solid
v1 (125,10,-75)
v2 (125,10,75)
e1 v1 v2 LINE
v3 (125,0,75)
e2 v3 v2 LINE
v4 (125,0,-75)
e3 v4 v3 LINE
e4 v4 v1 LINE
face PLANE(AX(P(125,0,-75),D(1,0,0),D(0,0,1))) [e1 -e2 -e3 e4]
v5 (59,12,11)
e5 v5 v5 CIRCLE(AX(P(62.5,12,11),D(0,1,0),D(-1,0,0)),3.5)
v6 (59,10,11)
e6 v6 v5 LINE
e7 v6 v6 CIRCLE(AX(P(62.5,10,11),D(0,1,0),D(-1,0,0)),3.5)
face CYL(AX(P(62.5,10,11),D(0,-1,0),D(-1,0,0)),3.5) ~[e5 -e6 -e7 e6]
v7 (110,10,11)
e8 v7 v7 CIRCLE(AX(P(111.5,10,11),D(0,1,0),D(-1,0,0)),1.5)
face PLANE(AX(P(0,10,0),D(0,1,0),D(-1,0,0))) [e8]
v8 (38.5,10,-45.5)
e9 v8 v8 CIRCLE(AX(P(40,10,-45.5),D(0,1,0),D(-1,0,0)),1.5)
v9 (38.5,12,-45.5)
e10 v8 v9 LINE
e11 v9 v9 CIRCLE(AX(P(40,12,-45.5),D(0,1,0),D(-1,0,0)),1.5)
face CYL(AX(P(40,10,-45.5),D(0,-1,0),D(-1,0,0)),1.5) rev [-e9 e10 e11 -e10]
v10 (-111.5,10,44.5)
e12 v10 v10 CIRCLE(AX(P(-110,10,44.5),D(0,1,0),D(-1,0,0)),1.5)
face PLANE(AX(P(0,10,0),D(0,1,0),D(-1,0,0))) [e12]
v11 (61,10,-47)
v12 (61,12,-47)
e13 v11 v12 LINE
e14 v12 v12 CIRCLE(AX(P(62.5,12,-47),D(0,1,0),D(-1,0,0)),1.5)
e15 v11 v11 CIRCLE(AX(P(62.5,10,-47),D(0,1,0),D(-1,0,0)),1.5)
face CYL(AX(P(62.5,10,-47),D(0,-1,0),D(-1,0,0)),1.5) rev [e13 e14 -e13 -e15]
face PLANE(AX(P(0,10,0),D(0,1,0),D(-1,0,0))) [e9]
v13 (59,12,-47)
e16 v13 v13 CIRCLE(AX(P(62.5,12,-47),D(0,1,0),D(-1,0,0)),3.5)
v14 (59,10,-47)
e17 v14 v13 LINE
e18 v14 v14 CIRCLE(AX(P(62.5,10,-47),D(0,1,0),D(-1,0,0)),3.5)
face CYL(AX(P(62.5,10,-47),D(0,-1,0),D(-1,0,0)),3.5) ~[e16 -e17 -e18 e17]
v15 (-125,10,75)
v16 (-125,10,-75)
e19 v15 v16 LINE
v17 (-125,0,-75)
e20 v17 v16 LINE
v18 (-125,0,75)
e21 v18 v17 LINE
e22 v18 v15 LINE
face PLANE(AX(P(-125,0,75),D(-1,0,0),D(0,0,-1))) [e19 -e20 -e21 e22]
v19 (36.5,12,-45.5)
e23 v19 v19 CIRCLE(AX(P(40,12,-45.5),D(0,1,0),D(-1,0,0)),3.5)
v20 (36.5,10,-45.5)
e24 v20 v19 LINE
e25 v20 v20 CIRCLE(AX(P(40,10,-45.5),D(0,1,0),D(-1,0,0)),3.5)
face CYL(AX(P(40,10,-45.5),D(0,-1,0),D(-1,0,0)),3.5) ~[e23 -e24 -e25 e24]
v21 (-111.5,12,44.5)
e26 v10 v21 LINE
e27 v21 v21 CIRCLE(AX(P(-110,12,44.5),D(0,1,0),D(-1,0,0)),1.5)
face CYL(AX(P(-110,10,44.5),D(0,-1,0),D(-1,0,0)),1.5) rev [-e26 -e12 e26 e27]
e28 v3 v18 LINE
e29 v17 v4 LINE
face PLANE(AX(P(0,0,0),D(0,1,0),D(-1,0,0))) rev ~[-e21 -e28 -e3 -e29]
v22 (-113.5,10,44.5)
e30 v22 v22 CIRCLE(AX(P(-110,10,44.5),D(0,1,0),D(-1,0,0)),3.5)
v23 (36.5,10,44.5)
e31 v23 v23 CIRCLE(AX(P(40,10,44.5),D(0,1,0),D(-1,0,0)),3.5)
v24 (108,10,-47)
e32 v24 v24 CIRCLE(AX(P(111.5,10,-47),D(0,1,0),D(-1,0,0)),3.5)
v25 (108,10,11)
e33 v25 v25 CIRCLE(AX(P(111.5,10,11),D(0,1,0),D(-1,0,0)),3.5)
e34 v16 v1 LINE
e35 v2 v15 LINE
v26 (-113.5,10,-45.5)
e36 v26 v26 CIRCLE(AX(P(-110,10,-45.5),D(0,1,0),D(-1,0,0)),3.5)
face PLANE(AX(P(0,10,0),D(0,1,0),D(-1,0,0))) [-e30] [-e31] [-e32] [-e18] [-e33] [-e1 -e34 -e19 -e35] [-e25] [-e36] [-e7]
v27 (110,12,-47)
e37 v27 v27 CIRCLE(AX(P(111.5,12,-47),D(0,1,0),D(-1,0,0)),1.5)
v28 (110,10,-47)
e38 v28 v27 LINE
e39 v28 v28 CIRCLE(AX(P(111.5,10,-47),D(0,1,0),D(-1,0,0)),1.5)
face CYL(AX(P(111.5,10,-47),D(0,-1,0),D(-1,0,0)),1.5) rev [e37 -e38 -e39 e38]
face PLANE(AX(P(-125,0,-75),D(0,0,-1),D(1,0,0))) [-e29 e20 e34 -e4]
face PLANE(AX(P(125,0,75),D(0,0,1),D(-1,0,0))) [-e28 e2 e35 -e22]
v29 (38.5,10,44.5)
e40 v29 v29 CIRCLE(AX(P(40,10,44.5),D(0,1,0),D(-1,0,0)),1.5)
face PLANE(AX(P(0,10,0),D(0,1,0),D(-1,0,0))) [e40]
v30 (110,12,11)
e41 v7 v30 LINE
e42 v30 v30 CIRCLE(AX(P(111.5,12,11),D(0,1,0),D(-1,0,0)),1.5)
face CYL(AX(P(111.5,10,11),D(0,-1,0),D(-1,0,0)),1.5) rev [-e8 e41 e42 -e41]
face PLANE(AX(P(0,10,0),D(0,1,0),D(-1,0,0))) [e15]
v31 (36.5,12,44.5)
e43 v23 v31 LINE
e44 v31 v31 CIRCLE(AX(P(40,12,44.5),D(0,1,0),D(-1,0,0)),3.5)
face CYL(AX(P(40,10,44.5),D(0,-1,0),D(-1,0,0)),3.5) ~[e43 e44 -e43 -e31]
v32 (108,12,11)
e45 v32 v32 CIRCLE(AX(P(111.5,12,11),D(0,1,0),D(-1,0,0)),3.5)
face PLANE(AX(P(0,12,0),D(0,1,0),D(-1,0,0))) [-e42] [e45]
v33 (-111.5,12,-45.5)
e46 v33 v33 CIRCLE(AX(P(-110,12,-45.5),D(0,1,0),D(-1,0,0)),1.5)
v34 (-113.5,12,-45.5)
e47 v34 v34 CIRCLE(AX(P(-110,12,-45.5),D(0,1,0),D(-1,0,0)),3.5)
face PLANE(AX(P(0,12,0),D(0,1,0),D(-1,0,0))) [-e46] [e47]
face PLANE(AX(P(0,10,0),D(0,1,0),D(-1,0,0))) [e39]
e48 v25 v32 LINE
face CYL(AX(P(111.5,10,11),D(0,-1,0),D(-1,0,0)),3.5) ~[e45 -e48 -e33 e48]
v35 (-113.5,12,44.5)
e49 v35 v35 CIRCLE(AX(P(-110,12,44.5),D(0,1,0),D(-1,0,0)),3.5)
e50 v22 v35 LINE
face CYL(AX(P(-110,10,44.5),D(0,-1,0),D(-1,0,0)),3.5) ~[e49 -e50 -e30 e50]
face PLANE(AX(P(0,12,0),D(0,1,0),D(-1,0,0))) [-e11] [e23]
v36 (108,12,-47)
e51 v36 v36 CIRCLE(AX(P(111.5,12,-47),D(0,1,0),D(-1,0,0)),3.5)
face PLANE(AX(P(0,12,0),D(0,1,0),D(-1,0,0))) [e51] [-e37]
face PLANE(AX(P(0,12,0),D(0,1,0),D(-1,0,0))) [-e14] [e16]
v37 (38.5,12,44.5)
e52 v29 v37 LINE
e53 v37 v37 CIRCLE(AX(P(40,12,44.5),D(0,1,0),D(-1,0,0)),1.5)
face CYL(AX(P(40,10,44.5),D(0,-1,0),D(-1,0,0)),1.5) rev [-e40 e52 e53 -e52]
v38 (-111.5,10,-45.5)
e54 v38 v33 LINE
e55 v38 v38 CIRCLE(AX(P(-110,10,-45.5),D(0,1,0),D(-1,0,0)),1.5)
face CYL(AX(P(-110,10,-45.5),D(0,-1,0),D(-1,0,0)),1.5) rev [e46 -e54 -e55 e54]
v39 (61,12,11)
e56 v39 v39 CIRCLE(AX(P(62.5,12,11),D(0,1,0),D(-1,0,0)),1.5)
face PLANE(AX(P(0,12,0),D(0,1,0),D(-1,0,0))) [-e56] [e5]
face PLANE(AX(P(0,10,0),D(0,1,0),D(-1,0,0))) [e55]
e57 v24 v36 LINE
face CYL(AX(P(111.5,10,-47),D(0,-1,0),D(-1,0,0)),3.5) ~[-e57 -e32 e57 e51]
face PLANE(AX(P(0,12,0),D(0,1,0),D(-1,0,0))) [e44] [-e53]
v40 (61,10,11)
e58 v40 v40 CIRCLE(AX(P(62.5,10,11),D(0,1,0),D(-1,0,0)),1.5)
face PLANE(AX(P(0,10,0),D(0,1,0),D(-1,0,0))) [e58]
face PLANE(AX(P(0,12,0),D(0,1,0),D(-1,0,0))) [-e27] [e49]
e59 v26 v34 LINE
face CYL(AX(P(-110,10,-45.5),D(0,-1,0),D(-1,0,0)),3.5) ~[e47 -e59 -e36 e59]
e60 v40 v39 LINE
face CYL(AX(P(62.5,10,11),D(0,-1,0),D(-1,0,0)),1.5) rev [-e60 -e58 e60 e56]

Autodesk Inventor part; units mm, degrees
ref_plane "YZ Plane" through (0, 0, 0) normal (1, 0, 0) x (0, 1, 0)
ref_plane "XZ Plane" through (0, 0, 0) normal (0, 1, 0) x (-1, 0, 0)
ref_plane "XY Plane" through (0, 0, 0) normal (0, 0, 1) x (1, 0, 0)
sketch "Sketch1" plane through (0, 0, 0) normal (0, 1, 0) x (-1, 0, 0)
  line L0 (-333.2556, -289.2611) -> (-678.6087, -289.2611) construction
  line L1 (-678.6087, -289.2611) -> (-678.6087, -95) construction
  line L2 (-678.6087, -95) -> (-333.2556, -95) construction
  line L3 (-333.2556, -95) -> (-333.2556, -289.2611) construction
  line L4 (-333.2556, -289.2611) -> (-678.6087, -95) construction
  line L5 (-488.8826, -290.1866) -> (-488.8826, -299.1866) construction
  line L6 (-488.8826, -299.1866) -> (-504.8826, -299.1866) construction
  line L7 (-488.8826, -290.1866) -> (-504.8826, -299.1866) construction
  line L8 (45, -10.5) -> (45, 9.5)
  line L9 (110, 44.5) -> (110, -45.5) construction
  circle A0 centre (110, 44.5) radius 1.5
  line L10 (115, -50.5) -> (115, 50.5) construction
  line L11 (110, -45.5) -> (-40, -45.5) construction
  line L12 (-46, -50.5) -> (115, -50.5) construction
  line L13 (115, 50.5) -> (-46, 50.5) construction
  line L14 (-40, 44.5) -> (110, 44.5) construction
  line L15 (25, -10.5) -> (45, -10.5)
  line L16 (25, 9.5) -> (25, -10.5)
  line L17 (25, -10.5) -> (45, 9.5) construction
  line L18 (45, -10.5) -> (25, 9.5) construction
  line L19 (45, 9.5) -> (25, 9.5)
  line L20 (-46, 50.5) -> (-46, -50.5) construction
  line L21 (-40, -45.5) -> (-40, 44.5) construction
  circle A1 centre (-40, 44.5) radius 1.5
  circle A2 centre (-40, -45.5) radius 1.5
  circle A3 centre (110, -45.5) radius 1.5
  line L22 (110, -45.5) -> (110, -50.5) construction
  line L23 (110, -45.5) -> (115, -45.5) construction
  line L24 (-59, -50.5) -> (-115, -50.5) construction
  line L25 (-115, -50.5) -> (-115, 34.5) construction
  line L26 (-115, 34.5) -> (-59, 34.5) construction
  line L27 (-59, 34.5) -> (-59, -50.5) construction
  line L28 (-62.5, -47) -> (-111.5, -47) construction
  line L29 (-111.5, -47) -> (-111.5, 11) construction
  line L30 (-111.5, 11) -> (-62.5, 11) construction
  line L31 (-62.5, 11) -> (-62.5, -47) construction
  circle A4 centre (-62.5, -47) radius 1.5
  circle A5 centre (-111.5, -47) radius 1.5
  circle A6 centre (-62.5, 11) radius 1.5
  circle A7 centre (-111.5, 11) radius 1.5
  line L32 (-87, -47) -> (-87, -50.5) construction
  line L33 (-125, 75) -> (125, 75)
  line L34 (125, 75) -> (125, -75)
  line L35 (125, -75) -> (-125, -75)
  line L36 (-125, -75) -> (-125, 75)
  line L37 (-125, 75) -> (125, -75) construction
  line L38 (125, 75) -> (-125, -75) construction
  line L39 (0, -57.5) -> (0, -75)
  line L40 (115, 0) -> (125, 0) construction
  circle A8 centre (110, -45.5) radius 3.5
  circle A9 centre (110, 44.5) radius 3.5
  circle A10 centre (-40, 44.5) radius 3.5
  circle A11 centre (-40, -45.5) radius 3.5
  circle A12 centre (-62.5, -47) radius 3.5
  circle A13 centre (-62.5, 11) radius 3.5
  circle A14 centre (-111.5, 11) radius 3.5
  circle A15 centre (-111.5, -47) radius 3.5
  point P0 (0, 0)
  point P1 (35, -0.5)
  dimension "d34" = 396.24
  dimension "d37" = 345.3531
  dimension "d39" = 9
  dimension "d40" = 16
  dimension "d41" = 29.358
  dimension "d42" = 29.358
  dimension "d43" = 194.2611
  dimension "d46" = 161
  dimension "d47" = 101
  dimension "d48" = 3
  dimension "d49" = 150
  dimension "d50" = 90
  dimension "d51" = 5
  dimension "d52" = 20
  dimension "d53" = 20
  dimension "d54" = 50
  dimension "d55" = 80
  dimension "d56" = 56
  dimension "d57" = 85
  dimension "d58" = 49
  dimension "d59" = 58
  dimension "d60" = 3
  dimension "d61" = 3.5
  dimension "d64" = 250
  dimension "d65" = 150
  dimension "d73" = 10
  dimension "d74" = 10
  dimension "d75" = 7
extrude "Extrusion2" add sketch "Sketch1" along normal blind 10 contours L15 L16 L19 L8 | A0 | A1 | A2 | A3 | A4 | A5 | A6 | A7 | L33 L34 L35 L36 | A8 | A9 | A10 | A11 | A12 | A13 | A14 | A15
extrude "Extrusion3" add sketch "Sketch1" along normal blind 2 from surface at 10 contours A8 | A9 | A10 | A11 | A12 | A13 | A14 | A15
properties part number "Main Mount"
